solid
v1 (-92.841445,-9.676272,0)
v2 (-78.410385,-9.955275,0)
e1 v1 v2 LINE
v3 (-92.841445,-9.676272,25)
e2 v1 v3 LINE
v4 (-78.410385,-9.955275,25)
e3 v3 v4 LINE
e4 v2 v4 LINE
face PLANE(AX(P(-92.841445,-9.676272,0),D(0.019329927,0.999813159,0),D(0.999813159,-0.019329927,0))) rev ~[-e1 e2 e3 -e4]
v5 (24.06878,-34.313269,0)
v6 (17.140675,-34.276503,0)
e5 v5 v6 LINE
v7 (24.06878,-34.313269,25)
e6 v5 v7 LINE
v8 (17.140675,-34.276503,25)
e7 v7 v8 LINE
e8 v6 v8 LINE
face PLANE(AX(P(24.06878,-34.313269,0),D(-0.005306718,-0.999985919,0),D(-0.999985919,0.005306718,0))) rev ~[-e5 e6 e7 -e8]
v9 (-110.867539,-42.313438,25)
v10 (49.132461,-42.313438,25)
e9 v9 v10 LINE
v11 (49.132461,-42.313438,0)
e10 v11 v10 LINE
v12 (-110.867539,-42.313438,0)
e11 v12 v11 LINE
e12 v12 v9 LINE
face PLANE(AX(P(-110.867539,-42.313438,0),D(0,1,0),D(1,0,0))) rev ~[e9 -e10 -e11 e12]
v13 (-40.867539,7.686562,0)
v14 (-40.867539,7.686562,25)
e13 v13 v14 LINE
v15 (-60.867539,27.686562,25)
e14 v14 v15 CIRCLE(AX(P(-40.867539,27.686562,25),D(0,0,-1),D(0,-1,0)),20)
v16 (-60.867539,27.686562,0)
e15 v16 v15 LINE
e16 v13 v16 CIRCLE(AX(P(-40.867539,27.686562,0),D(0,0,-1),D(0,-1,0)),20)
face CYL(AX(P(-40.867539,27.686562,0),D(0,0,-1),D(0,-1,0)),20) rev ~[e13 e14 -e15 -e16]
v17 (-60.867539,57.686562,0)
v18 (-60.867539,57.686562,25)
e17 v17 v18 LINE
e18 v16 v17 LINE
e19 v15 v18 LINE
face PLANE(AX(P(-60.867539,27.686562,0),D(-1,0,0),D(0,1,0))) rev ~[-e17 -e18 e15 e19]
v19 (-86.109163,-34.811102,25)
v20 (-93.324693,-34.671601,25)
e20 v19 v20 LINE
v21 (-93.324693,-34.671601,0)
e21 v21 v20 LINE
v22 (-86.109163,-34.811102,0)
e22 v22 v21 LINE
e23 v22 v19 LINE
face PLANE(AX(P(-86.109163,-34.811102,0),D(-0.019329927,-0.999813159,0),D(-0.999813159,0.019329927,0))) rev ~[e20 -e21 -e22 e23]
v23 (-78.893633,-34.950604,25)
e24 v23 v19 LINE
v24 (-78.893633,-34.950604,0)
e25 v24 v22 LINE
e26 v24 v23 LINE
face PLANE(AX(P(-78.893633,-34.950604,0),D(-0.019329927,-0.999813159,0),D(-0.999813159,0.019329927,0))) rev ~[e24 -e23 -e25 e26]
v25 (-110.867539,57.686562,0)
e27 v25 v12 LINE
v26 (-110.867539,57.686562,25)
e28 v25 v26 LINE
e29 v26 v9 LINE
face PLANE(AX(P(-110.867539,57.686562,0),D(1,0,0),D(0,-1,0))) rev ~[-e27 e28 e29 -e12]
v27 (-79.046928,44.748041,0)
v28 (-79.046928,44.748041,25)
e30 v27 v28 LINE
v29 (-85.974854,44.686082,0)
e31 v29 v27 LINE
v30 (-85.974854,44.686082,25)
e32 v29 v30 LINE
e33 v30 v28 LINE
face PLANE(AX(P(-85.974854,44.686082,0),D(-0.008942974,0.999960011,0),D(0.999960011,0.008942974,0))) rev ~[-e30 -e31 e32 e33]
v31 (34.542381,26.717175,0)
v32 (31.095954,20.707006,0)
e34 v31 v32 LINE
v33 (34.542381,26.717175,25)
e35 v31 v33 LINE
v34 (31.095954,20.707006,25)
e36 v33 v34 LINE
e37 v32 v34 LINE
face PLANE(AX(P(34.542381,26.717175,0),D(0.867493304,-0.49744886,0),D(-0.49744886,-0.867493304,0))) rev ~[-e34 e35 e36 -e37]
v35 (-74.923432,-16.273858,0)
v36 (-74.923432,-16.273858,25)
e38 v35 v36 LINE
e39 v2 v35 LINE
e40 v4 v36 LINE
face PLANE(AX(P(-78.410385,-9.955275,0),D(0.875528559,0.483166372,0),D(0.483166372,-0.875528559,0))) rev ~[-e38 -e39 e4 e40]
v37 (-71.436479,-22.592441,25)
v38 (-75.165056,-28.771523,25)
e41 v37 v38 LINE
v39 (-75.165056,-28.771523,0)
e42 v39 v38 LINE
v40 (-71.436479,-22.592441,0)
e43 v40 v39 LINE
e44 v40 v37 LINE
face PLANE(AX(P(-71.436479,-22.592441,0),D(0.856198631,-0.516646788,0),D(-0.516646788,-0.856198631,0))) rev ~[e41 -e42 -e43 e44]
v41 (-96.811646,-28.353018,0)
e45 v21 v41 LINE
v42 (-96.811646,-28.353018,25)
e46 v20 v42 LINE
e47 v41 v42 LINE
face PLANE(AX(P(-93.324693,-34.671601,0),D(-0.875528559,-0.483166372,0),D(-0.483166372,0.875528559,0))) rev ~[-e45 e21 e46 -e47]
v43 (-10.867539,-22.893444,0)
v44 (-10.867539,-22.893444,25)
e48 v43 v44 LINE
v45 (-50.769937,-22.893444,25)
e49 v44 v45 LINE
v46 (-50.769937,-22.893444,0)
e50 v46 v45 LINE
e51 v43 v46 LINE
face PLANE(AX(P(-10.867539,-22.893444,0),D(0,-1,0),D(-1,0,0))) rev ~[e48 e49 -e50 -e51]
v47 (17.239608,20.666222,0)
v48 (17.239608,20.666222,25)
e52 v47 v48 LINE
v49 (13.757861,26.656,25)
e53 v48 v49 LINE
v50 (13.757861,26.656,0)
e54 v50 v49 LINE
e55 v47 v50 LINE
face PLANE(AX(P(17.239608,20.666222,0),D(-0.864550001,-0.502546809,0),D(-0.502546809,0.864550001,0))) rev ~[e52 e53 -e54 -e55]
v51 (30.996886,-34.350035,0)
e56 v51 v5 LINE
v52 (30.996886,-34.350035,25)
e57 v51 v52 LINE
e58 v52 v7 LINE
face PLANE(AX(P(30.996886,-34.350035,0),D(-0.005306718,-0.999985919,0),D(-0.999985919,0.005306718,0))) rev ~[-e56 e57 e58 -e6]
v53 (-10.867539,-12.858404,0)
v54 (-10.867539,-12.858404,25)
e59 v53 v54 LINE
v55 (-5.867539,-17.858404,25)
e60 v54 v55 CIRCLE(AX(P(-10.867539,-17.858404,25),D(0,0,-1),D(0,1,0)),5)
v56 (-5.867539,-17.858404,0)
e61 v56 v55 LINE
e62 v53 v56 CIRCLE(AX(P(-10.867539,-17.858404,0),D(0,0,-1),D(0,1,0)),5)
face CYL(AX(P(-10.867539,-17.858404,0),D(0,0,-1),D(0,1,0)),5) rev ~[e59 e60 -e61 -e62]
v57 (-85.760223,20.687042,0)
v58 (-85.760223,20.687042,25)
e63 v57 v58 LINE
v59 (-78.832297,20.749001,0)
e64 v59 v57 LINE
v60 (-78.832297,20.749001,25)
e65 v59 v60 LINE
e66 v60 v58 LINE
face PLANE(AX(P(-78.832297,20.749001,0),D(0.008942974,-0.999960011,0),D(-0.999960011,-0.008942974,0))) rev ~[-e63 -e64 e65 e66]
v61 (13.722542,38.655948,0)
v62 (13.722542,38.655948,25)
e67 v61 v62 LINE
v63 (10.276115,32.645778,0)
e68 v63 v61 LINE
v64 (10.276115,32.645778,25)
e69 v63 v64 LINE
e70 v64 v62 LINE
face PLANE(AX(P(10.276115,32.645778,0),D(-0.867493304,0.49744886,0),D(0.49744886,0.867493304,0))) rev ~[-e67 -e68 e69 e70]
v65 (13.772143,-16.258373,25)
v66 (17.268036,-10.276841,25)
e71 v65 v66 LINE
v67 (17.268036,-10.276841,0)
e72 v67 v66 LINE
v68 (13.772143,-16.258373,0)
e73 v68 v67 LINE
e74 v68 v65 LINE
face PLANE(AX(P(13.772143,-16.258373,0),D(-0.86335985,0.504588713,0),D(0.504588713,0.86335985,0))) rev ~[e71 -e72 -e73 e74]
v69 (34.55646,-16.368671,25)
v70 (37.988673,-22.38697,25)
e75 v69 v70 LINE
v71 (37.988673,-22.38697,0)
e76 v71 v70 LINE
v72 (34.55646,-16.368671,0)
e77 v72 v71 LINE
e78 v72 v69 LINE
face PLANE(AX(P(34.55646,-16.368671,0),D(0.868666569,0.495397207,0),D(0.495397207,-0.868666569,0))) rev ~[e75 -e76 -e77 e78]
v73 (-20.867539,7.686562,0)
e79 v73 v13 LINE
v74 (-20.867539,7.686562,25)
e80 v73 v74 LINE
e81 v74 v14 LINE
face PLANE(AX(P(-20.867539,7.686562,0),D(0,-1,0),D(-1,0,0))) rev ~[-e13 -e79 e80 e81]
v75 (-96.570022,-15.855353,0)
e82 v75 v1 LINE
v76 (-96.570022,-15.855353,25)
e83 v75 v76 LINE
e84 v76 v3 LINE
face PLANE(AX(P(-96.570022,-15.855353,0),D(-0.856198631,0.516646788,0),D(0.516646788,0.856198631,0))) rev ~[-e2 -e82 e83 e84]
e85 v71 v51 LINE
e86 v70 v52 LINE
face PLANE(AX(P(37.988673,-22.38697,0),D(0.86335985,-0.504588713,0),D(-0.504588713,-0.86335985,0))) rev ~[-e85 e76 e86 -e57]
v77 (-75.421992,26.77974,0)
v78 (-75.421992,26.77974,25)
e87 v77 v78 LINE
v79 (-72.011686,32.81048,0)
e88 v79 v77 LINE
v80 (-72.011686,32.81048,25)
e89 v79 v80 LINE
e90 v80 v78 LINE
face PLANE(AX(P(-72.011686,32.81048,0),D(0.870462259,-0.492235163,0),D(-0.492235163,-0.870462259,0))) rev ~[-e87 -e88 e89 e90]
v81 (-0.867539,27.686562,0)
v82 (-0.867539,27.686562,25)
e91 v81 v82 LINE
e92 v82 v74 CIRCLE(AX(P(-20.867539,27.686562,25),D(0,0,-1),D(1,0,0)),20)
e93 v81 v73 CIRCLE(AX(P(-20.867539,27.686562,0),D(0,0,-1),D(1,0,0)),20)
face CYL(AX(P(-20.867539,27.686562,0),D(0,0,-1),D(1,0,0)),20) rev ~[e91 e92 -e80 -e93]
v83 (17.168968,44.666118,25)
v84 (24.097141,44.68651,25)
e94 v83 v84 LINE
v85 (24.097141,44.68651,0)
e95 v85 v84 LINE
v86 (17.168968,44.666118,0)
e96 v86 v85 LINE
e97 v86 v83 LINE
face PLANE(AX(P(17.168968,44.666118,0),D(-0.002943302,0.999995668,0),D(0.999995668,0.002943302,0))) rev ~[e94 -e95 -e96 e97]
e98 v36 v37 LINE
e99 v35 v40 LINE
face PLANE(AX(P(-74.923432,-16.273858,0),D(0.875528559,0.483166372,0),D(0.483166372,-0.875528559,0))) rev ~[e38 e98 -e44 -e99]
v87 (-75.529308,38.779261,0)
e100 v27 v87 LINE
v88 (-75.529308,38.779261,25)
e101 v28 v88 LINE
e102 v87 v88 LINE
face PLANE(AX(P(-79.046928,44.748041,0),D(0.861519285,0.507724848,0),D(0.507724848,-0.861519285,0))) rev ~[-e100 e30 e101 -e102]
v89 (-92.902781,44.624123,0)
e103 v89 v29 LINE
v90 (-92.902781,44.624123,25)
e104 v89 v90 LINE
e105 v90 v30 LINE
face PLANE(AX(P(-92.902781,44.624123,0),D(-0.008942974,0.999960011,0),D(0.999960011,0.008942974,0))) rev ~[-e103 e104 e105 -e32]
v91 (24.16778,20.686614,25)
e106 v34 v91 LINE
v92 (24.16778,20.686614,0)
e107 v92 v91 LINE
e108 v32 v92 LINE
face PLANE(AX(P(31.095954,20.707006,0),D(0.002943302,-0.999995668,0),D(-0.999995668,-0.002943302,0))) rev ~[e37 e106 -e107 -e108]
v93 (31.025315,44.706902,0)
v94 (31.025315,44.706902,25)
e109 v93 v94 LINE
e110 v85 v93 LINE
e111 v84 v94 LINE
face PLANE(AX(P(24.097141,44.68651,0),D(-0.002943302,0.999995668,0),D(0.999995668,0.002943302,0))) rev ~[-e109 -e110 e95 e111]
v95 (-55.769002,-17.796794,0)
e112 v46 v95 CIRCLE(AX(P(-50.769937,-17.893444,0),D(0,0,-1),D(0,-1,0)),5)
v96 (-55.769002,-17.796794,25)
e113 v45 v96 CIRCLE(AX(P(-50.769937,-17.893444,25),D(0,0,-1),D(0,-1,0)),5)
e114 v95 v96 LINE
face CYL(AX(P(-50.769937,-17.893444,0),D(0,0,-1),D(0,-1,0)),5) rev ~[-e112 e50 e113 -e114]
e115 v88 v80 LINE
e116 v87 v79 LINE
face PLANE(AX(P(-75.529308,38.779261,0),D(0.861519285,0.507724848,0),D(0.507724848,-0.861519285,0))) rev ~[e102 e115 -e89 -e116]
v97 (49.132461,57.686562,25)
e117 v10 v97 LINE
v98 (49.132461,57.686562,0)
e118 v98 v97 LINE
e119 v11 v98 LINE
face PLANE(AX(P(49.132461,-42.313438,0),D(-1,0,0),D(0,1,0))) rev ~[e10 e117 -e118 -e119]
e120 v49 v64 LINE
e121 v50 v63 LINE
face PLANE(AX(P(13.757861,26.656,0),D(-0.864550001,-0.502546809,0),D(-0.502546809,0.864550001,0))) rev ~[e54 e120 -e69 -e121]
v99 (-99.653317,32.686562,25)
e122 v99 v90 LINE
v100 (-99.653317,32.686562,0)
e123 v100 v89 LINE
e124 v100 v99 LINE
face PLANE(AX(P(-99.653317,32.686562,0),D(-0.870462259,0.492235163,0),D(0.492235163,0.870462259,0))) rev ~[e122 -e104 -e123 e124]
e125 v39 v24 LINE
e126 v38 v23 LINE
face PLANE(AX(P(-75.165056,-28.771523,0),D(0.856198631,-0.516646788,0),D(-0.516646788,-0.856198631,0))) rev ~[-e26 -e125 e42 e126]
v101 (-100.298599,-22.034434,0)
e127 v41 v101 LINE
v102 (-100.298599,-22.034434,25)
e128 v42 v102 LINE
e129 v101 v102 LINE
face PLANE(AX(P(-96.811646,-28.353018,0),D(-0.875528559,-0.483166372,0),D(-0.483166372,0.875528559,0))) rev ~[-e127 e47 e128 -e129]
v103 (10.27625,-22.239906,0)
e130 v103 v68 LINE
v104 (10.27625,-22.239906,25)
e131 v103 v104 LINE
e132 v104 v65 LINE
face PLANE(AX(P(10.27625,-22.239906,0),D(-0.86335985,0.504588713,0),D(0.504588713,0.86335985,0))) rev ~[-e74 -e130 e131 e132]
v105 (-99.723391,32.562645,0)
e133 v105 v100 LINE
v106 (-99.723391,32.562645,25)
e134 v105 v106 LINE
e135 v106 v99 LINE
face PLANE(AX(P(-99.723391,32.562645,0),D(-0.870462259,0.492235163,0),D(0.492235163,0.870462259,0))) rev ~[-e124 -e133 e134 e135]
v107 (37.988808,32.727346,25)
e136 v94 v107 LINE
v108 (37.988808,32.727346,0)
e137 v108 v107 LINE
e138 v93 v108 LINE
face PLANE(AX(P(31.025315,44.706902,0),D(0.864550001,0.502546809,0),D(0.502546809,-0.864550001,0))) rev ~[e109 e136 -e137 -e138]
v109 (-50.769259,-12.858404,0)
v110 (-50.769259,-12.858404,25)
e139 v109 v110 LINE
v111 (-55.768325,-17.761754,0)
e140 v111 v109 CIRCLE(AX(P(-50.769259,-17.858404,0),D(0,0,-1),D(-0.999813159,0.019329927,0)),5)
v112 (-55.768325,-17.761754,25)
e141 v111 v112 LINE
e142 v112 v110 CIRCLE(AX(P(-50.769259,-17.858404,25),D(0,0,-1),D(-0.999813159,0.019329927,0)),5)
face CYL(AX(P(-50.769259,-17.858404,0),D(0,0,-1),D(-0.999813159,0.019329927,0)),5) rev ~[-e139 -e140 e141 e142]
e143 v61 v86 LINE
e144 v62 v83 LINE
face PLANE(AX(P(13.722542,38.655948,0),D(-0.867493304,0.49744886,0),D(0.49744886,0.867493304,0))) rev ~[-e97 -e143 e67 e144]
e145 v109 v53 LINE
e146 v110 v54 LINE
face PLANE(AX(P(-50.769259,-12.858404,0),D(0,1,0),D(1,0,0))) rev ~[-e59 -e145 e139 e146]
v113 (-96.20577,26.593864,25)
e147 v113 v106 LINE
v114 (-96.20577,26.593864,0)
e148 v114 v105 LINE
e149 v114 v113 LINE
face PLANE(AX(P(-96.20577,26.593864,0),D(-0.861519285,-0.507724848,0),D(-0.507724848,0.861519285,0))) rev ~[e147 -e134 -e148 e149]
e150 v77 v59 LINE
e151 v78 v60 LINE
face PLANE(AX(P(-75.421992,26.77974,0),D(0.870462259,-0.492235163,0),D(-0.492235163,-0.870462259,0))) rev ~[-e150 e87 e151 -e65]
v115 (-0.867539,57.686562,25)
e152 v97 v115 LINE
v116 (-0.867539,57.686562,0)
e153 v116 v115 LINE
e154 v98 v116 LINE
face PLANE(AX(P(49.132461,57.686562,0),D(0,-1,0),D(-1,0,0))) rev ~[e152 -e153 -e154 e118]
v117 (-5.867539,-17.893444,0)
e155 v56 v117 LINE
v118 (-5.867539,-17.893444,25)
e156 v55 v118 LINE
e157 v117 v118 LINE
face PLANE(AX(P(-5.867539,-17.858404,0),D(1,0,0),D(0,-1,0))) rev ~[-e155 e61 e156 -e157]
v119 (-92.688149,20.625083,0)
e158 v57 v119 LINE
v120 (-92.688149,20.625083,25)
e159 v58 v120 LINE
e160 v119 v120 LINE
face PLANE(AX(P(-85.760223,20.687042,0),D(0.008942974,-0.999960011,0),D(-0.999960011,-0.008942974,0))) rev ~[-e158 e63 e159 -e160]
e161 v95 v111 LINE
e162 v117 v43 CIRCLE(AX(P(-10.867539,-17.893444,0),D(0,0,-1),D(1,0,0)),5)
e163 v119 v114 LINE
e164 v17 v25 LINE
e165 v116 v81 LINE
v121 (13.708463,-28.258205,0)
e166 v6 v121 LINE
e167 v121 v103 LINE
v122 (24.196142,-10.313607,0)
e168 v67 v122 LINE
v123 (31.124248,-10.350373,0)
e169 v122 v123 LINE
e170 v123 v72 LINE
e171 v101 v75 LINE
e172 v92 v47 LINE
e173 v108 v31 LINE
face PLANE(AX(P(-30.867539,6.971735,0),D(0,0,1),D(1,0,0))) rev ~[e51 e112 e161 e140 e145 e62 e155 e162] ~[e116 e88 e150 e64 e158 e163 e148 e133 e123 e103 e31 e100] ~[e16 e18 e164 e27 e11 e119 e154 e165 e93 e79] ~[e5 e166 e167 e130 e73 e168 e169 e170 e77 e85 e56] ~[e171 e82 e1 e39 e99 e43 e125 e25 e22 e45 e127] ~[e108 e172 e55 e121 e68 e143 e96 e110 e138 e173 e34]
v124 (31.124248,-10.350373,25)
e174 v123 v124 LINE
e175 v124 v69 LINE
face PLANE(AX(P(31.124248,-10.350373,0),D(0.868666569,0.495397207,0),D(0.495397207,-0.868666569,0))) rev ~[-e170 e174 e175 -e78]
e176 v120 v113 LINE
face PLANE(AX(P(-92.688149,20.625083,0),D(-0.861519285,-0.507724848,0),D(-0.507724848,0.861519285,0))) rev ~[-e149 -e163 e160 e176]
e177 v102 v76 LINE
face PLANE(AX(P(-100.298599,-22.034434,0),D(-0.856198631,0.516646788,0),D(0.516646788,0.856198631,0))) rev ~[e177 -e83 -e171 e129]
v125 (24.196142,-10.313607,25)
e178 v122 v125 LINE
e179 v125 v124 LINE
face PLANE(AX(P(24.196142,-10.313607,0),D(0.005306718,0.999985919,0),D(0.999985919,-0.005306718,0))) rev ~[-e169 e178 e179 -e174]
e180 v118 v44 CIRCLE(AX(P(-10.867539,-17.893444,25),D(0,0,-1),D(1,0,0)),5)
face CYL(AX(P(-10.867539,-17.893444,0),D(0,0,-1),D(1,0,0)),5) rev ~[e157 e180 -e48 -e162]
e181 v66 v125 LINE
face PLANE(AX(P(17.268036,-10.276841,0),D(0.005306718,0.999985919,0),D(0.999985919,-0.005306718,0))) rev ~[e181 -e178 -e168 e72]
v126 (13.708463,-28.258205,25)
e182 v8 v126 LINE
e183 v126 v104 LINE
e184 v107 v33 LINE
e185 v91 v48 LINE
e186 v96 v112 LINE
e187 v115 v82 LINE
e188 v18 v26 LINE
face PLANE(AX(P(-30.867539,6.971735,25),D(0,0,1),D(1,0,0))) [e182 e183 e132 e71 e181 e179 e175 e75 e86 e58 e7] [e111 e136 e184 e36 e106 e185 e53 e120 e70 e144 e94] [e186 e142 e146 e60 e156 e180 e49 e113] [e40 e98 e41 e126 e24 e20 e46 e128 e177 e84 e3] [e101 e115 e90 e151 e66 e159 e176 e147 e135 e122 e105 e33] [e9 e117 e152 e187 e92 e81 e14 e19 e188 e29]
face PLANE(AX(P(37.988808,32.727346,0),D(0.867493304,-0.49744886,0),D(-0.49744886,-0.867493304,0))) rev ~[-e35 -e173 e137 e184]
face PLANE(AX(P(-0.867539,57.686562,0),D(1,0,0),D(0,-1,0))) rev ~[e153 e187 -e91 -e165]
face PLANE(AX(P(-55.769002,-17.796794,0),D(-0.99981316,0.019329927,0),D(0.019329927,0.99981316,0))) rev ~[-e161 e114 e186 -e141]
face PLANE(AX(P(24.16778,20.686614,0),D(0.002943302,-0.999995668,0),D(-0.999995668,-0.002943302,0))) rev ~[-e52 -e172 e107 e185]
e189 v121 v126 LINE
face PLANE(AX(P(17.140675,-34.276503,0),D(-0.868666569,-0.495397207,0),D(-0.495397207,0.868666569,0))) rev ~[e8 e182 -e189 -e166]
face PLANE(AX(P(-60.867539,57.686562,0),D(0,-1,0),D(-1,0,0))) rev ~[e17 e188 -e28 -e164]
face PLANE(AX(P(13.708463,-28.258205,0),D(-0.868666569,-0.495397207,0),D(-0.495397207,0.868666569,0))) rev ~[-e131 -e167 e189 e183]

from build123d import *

# Parameters (mm, degrees)
F1_DEPTH = 25


with BuildPart() as f1:
    # F0 (on Top) → F1 (new body)
    with BuildSketch(Plane.XY):
        with BuildLine():
            Line((-110.8675387502, -22.3134379089), (-110.8675387502, -42.3134379089))
            Line((-110.8675387502, -42.3134379089), (-85.8675387502, -42.3134379089))
            Line((-85.8675387502, -42.3134379089), (-55.8675387502, -42.3134379089))
            Line((-55.8675387502, -42.3134379089), (24.1324612498, -42.3134379089))
            Line((24.1324612498, -42.3134379089), (49.1324612498, -42.3134379089))
            Line((49.1324612498, -42.3134379089), (49.1324612498, -22.3134379089))
            Line((49.1324612498, -22.3134379089), (49.1324612498, 32.6865620911))
            Line((49.1324612498, 32.6865620911), (49.1324612498, 57.6865620911))
            Line((49.1324612498, 57.6865620911), (-0.8675387502, 57.6865620911))
            Line((-0.8675387502, 57.6865620911), (-0.8675387502, 27.6865620911))
            ThreePointArc((-0.8675387502, 27.6865620911), (-6.7254031264, 13.5444264674), (-20.8675387502, 7.6865620911))
            Line((-20.8675387502, 7.6865620911), (-40.8675387502, 7.6865620911))
            ThreePointArc((-40.8675387502, 7.6865620911), (-55.0096743739, 13.5444264674), (-60.8675387502, 27.6865620911))
            Line((-60.8675387502, 27.6865620911), (-60.8675387502, 57.6865620911))
            Line((-60.8675387502, 57.6865620911), (-110.8675387502, 57.6865620911))
            Line((-110.8675387502, 57.6865620911), (-110.8675387502, 32.6865620911))
            Line((-110.8675387502, 32.6865620911), (-110.8675387502, -22.3134379089))
        make_face()
        Polygon((-78.4103846974, -9.9552751503), (-74.9234318112, -16.2738581795), (-71.4364788308, -22.5924413793), (-75.1650557554, -28.7715225899), (-78.8936328836, -34.9506041378), (-86.1091631049, -34.8111023976), (-93.3246928029, -34.6716006674), (-96.8116456892, -28.3530176383), (-100.2985986696, -22.0344344385), (-96.5700217449, -15.8553532279), (-92.8414446168, -9.67627168), (-85.6259146547, -9.8157734152), align=None, mode=Mode.SUBTRACT)
        with BuildLine():
            Line((-10.8675387502, -22.8934441009), (-50.7699366744, -22.8934441009))
            ThreePointArc((-50.7699366744, -22.8934441009), (-54.3394778344, -21.3946404546), (-55.7690024719, -17.7967944637))
            Line((-55.7690024719, -17.7967944637), (-55.7683250172, -17.761754076))
            ThreePointArc((-55.7683250172, -17.761754076), (-54.2704555733, -14.2888625532), (-50.7692592197, -12.8584037132))
            Line((-50.7692592197, -12.8584037132), (-10.8675387502, -12.8584037132))
            ThreePointArc((-10.8675387502, -12.8584037132), (-7.3320048442, -14.3228698073), (-5.8675387502, -17.8584037132))
            Line((-5.8675387502, -17.8584037132), (-5.8675387502, -17.8934441009))
            ThreePointArc((-5.8675387502, -17.8934441009), (-7.3320048442, -21.4289780069), (-10.8675387502, -22.8934441009))
        make_face(mode=Mode.SUBTRACT)
        Polygon((31.1242475463, -10.3503729009), (34.5564599522, -16.3686712143), (37.9886726021, -22.3869699554), (34.4927795487, -28.3685022972), (30.9968863057, -34.3500349634), (24.0687801262, -34.3132689375), (17.1406749534, -34.2765029169), (13.7084625474, -28.2582046034), (10.2762498976, -22.2399058623), (13.7721433077, -16.2583729102), (17.268036194, -10.2768408544), (24.1961422785, -10.3136068798), align=None, mode=Mode.SUBTRACT)
        Polygon((-99.7233911042, 32.5626446074), (-99.653317368, 32.6865620911), (-96.3130859887, 38.5933838159), (-92.9027806161, 44.624123479), (-85.9748542928, 44.6860822221), (-79.046928262, 44.7480409627), (-75.5293075699, 38.7792606775), (-72.0116863961, 32.8104795748), (-75.4219918066, 26.7797398448), (-78.8322968843, 20.7490007033), (-85.7602232076, 20.6870419601), (-92.6881492383, 20.6250832196), (-96.2057701339, 26.59386385), align=None, mode=Mode.SUBTRACT)
        Polygon((31.0253148422, 44.7069019097), (34.5070612984, 38.7171237426), (37.988807691, 32.7273456849), (34.5423806595, 26.7171753651), (31.0959540987, 20.7070058663), (24.1677804508, 20.6866140681), (17.2396076575, 20.6662222725), (13.7578613257, 26.6560002255), (10.2761148086, 32.6457784973), (13.722541611, 38.6559484174), (17.168968401, 44.6661183159), (24.0971414414, 44.6865101123), align=None, mode=Mode.SUBTRACT)
    extrude(amount=F1_DEPTH)


solid = f1.part
